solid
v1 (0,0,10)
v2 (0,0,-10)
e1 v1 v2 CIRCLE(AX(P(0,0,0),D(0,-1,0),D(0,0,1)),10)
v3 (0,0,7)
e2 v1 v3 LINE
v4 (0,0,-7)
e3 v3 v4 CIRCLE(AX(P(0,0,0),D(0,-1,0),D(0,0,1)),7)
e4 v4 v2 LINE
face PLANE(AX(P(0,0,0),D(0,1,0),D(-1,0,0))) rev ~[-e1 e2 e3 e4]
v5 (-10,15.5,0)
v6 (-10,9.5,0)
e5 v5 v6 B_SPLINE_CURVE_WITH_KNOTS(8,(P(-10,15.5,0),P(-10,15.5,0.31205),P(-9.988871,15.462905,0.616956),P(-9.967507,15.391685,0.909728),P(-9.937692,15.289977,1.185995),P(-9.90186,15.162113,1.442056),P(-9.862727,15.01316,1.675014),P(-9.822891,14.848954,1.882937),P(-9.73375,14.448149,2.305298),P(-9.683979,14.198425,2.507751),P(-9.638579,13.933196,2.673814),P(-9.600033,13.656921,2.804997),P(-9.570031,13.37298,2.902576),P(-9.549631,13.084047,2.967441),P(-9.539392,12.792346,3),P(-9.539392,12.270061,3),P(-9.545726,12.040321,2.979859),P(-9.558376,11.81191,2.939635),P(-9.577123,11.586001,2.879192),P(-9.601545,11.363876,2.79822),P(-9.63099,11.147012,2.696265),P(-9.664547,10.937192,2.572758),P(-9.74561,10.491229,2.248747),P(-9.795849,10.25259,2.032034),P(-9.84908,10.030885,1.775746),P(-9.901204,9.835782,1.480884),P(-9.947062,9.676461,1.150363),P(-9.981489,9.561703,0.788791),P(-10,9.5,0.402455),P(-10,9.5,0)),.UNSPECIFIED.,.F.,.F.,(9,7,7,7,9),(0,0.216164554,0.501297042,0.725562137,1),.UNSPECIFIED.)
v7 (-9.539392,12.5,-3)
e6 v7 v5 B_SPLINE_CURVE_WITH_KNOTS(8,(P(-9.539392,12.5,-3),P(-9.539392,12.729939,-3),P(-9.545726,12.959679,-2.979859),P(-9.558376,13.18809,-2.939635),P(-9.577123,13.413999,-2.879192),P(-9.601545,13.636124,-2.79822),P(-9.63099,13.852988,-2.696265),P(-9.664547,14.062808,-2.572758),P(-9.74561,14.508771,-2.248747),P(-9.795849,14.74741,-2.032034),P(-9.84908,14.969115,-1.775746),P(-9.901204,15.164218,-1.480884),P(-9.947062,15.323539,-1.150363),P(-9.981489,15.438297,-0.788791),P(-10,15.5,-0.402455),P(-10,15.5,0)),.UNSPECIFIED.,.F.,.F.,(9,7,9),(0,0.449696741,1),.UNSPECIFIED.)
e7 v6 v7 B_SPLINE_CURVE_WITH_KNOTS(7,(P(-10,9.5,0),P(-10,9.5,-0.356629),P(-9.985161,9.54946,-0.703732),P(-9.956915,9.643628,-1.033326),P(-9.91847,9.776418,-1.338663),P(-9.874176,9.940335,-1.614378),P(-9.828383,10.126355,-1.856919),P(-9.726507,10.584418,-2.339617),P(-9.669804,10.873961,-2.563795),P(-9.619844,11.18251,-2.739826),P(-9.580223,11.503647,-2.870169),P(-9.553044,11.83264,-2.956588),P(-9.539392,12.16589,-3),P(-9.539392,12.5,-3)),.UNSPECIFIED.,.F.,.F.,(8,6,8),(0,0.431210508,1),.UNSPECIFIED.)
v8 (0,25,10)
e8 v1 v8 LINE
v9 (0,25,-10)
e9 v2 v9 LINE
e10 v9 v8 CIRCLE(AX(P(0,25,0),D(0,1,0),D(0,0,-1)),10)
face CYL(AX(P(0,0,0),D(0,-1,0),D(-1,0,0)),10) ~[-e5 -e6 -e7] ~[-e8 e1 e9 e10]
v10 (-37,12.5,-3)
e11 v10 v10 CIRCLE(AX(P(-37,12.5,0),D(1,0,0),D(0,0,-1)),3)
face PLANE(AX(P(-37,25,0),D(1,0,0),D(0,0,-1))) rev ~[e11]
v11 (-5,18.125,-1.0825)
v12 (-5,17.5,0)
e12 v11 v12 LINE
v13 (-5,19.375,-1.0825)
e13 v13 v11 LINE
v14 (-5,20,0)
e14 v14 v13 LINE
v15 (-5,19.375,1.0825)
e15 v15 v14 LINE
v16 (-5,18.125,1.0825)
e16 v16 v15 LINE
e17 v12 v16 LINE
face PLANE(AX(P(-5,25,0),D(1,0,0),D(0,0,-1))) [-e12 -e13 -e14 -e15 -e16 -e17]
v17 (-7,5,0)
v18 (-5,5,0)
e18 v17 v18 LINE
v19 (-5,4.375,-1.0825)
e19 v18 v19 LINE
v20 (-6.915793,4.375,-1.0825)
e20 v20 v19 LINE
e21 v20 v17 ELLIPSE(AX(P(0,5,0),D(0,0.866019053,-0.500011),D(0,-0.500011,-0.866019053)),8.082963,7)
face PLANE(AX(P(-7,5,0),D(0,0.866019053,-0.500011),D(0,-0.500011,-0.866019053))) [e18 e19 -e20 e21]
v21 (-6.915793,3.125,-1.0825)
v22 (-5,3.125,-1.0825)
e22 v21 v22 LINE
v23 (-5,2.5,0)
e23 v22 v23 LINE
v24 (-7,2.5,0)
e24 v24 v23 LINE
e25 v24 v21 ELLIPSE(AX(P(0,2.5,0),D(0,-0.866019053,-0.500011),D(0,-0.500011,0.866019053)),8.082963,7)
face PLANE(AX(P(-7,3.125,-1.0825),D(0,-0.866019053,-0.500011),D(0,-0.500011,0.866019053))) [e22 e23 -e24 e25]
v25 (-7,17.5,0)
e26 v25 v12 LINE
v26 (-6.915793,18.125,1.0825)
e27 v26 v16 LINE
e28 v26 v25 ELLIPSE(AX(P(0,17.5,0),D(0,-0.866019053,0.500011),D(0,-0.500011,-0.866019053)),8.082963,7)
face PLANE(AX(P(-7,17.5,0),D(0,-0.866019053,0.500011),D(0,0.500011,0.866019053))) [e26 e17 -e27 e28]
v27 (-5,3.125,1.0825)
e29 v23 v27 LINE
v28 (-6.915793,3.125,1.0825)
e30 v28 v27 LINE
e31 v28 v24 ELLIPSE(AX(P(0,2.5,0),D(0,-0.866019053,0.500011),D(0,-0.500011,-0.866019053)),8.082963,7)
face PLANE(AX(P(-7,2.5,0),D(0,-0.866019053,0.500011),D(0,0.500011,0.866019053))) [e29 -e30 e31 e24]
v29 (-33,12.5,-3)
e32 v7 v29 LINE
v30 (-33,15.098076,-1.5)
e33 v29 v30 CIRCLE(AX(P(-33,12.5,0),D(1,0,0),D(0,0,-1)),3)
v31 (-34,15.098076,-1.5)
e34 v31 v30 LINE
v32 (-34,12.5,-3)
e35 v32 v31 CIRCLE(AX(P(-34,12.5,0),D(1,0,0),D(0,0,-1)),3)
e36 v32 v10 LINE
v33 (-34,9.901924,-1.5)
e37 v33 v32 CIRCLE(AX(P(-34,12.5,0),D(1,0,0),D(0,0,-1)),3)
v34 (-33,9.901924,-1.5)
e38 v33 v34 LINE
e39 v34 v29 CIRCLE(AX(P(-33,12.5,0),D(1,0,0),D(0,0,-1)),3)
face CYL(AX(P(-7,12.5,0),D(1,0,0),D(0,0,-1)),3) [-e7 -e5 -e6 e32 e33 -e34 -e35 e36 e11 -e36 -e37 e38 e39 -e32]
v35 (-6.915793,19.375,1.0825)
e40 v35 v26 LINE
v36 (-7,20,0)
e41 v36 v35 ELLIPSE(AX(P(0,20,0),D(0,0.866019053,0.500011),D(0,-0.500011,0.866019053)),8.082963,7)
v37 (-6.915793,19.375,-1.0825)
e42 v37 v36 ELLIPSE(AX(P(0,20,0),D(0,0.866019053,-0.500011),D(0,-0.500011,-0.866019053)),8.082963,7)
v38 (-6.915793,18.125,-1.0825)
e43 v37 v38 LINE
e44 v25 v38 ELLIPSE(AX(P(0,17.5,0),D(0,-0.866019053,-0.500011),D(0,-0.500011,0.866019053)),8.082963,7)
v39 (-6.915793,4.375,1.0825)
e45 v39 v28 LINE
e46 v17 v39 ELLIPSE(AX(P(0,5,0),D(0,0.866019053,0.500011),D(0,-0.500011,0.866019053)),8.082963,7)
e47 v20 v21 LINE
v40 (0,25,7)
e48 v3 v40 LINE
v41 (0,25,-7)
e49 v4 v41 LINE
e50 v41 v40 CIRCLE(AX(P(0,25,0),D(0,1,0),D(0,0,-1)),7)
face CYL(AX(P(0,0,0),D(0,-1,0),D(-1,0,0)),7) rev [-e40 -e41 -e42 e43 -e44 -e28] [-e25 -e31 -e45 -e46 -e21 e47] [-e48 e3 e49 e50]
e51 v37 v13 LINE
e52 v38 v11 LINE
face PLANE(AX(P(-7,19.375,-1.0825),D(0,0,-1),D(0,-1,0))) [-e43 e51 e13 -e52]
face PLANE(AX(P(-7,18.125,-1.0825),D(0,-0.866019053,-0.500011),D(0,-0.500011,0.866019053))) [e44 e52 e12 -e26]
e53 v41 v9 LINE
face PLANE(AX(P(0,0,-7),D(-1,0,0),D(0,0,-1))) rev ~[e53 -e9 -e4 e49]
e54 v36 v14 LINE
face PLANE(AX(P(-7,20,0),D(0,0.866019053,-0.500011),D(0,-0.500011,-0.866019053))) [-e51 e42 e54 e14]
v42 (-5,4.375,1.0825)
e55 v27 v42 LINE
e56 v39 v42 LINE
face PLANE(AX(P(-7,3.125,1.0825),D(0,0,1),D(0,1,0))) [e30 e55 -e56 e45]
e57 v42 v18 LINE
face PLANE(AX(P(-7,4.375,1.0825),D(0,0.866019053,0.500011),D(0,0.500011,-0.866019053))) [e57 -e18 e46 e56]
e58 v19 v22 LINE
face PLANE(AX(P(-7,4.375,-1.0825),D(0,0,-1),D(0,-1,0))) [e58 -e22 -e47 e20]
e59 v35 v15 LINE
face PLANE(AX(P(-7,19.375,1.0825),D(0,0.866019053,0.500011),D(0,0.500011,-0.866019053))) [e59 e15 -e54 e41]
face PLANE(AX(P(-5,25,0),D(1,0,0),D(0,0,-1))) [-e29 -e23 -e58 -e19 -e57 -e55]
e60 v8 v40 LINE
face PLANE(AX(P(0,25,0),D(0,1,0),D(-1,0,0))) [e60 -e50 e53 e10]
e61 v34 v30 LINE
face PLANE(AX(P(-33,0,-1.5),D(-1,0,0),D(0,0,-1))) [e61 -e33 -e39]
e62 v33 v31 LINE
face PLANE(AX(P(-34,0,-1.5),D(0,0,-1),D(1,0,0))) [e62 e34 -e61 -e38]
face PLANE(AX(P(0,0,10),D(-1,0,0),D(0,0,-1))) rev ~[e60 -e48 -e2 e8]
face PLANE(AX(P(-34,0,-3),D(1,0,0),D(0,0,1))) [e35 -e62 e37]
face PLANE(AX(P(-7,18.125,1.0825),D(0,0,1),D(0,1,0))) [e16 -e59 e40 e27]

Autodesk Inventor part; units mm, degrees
ref_plane "YZ Plane" through (0, 0, 0) normal (1, 0, 0) x (0, 1, 0)
ref_plane "XZ Plane" through (0, 0, 0) normal (0, 1, 0) x (-1, 0, 0)
ref_plane "XY Plane" through (0, 0, 0) normal (0, 0, 1) x (1, 0, 0)
sketch "Sketch1" plane through (0, 0, 0) normal (0, 1, 0) x (-1, 0, 0)
  circle A0 centre (0, 0) radius 7
  circle A1 centre (0, 0) radius 10
  line L0 (0, 11.563) -> (0, -13.4764)
  point P0 (0, -7)
  point P1 (0, -10)
  point P2 (0, 10)
  point P3 (0, 7)
  dimension "d0" = 14
  dimension "d1" = 20
extrude "Extrusion1" add sketch "Sketch1" along normal blind 25 contours A0 L0 A1 picked at (8.8579, -1.261)
sketch "Sketch2" plane through (0, 25, 0) normal (0, 1, 0) x (1, 0, 0)
  arc A0 (0, 7) -> (0, -7) centre (0, 0) ccw projected
  point P0 (-7, 0)
ref_plane "Work Plane1" through (-7, 25, 0) normal (1, 0, 0) x (0, 0, -1)
sketch "Sketch3" plane through (-7, 25, 0) normal (1, 0, 0) x (0, 0, -1)
  line L0 (10, 0) -> (-10, 0) projected
  line L1 (0, 0) -> (0, -5)
  line L2 (0, -5) -> (0, -6.25)
  line L3 (0, -5) -> (1.0825, -5.625)
  line L4 (1.0825, -5.625) -> (1.0825, -6.875)
  line L5 (1.0825, -6.875) -> (0, -7.5)
  line L6 (0, -7.5) -> (-1.0825, -6.875)
  line L7 (-1.0825, -6.875) -> (-1.0825, -5.625)
  line L8 (-1.0825, -5.625) -> (0, -5)
  line L9 (0, -6.25) -> (0, -21.25)
  line L10 (0, -21.25) -> (0, -22.5)
  line L11 (0, -22.5) -> (-1.0825, -21.875)
  line L12 (-1.0825, -21.875) -> (-1.0825, -20.625)
  line L13 (-1.0825, -20.625) -> (0, -20)
  line L14 (0, -20) -> (1.0825, -20.625)
  line L15 (1.0825, -20.625) -> (1.0825, -21.875)
  line L16 (1.0825, -21.875) -> (0, -22.5)
  point P0 (0, -25)
  dimension "d4" = 5
  dimension "d5" = 1.25
  dimension "d6" = 15
  dimension "d7" = 1.25
extrude "Extrusion2" add sketch "Sketch3" along normal blind 2
sketch "Sketch4" plane through (-7, 25, 0) normal (1, 0, 0) x (0, 0, -1)
  line L0 (0, -25) -> (0, 0)
  line L1 (-7, 0) -> (7, 0) projected
  line L2 (0, -12.5) -> (-3, -12.5)
  circle A0 centre (0, -12.5) radius 3
  dimension "d10" = 3
extrude "Extrusion3" add sketch "Sketch4" against normal blind 30
sketch "Sketch5" plane through (0, 0, 0) normal (0, -1, 0) x (1, 0, 0)
  line L0 (-37, 3) -> (-37, -3) projected
  line L1 (-37, -3) -> (-34, -3)
  line L2 (-9.5394, -3) -> (-37, -3) projected
  line L3 (-34, -3) -> (-34, 0)
  line L4 (-34, 0) -> (-34, -1.5)
  line L5 (-34, -1.5) -> (-33, -1.5)
  line L6 (-33, -1.5) -> (-33, -3)
  line L7 (-33, -3) -> (-34.954, -5.8523)
  line L8 (-34.954, -5.8523) -> (-37, -3)
  point P0 (0, 0)
  point P1 (-9.5394, 3)
  dimension "d13" = 3
  dimension "d14" = 1
extrude "Extrusion4" cut sketch "Sketch5" against normal through all
sketch "Sketch6" plane through (0, 0, 0) normal (0, -1, 0) x (1, 0, 0)
  point P0 (0, 0)
properties part number "medidor_torque_palanca"
